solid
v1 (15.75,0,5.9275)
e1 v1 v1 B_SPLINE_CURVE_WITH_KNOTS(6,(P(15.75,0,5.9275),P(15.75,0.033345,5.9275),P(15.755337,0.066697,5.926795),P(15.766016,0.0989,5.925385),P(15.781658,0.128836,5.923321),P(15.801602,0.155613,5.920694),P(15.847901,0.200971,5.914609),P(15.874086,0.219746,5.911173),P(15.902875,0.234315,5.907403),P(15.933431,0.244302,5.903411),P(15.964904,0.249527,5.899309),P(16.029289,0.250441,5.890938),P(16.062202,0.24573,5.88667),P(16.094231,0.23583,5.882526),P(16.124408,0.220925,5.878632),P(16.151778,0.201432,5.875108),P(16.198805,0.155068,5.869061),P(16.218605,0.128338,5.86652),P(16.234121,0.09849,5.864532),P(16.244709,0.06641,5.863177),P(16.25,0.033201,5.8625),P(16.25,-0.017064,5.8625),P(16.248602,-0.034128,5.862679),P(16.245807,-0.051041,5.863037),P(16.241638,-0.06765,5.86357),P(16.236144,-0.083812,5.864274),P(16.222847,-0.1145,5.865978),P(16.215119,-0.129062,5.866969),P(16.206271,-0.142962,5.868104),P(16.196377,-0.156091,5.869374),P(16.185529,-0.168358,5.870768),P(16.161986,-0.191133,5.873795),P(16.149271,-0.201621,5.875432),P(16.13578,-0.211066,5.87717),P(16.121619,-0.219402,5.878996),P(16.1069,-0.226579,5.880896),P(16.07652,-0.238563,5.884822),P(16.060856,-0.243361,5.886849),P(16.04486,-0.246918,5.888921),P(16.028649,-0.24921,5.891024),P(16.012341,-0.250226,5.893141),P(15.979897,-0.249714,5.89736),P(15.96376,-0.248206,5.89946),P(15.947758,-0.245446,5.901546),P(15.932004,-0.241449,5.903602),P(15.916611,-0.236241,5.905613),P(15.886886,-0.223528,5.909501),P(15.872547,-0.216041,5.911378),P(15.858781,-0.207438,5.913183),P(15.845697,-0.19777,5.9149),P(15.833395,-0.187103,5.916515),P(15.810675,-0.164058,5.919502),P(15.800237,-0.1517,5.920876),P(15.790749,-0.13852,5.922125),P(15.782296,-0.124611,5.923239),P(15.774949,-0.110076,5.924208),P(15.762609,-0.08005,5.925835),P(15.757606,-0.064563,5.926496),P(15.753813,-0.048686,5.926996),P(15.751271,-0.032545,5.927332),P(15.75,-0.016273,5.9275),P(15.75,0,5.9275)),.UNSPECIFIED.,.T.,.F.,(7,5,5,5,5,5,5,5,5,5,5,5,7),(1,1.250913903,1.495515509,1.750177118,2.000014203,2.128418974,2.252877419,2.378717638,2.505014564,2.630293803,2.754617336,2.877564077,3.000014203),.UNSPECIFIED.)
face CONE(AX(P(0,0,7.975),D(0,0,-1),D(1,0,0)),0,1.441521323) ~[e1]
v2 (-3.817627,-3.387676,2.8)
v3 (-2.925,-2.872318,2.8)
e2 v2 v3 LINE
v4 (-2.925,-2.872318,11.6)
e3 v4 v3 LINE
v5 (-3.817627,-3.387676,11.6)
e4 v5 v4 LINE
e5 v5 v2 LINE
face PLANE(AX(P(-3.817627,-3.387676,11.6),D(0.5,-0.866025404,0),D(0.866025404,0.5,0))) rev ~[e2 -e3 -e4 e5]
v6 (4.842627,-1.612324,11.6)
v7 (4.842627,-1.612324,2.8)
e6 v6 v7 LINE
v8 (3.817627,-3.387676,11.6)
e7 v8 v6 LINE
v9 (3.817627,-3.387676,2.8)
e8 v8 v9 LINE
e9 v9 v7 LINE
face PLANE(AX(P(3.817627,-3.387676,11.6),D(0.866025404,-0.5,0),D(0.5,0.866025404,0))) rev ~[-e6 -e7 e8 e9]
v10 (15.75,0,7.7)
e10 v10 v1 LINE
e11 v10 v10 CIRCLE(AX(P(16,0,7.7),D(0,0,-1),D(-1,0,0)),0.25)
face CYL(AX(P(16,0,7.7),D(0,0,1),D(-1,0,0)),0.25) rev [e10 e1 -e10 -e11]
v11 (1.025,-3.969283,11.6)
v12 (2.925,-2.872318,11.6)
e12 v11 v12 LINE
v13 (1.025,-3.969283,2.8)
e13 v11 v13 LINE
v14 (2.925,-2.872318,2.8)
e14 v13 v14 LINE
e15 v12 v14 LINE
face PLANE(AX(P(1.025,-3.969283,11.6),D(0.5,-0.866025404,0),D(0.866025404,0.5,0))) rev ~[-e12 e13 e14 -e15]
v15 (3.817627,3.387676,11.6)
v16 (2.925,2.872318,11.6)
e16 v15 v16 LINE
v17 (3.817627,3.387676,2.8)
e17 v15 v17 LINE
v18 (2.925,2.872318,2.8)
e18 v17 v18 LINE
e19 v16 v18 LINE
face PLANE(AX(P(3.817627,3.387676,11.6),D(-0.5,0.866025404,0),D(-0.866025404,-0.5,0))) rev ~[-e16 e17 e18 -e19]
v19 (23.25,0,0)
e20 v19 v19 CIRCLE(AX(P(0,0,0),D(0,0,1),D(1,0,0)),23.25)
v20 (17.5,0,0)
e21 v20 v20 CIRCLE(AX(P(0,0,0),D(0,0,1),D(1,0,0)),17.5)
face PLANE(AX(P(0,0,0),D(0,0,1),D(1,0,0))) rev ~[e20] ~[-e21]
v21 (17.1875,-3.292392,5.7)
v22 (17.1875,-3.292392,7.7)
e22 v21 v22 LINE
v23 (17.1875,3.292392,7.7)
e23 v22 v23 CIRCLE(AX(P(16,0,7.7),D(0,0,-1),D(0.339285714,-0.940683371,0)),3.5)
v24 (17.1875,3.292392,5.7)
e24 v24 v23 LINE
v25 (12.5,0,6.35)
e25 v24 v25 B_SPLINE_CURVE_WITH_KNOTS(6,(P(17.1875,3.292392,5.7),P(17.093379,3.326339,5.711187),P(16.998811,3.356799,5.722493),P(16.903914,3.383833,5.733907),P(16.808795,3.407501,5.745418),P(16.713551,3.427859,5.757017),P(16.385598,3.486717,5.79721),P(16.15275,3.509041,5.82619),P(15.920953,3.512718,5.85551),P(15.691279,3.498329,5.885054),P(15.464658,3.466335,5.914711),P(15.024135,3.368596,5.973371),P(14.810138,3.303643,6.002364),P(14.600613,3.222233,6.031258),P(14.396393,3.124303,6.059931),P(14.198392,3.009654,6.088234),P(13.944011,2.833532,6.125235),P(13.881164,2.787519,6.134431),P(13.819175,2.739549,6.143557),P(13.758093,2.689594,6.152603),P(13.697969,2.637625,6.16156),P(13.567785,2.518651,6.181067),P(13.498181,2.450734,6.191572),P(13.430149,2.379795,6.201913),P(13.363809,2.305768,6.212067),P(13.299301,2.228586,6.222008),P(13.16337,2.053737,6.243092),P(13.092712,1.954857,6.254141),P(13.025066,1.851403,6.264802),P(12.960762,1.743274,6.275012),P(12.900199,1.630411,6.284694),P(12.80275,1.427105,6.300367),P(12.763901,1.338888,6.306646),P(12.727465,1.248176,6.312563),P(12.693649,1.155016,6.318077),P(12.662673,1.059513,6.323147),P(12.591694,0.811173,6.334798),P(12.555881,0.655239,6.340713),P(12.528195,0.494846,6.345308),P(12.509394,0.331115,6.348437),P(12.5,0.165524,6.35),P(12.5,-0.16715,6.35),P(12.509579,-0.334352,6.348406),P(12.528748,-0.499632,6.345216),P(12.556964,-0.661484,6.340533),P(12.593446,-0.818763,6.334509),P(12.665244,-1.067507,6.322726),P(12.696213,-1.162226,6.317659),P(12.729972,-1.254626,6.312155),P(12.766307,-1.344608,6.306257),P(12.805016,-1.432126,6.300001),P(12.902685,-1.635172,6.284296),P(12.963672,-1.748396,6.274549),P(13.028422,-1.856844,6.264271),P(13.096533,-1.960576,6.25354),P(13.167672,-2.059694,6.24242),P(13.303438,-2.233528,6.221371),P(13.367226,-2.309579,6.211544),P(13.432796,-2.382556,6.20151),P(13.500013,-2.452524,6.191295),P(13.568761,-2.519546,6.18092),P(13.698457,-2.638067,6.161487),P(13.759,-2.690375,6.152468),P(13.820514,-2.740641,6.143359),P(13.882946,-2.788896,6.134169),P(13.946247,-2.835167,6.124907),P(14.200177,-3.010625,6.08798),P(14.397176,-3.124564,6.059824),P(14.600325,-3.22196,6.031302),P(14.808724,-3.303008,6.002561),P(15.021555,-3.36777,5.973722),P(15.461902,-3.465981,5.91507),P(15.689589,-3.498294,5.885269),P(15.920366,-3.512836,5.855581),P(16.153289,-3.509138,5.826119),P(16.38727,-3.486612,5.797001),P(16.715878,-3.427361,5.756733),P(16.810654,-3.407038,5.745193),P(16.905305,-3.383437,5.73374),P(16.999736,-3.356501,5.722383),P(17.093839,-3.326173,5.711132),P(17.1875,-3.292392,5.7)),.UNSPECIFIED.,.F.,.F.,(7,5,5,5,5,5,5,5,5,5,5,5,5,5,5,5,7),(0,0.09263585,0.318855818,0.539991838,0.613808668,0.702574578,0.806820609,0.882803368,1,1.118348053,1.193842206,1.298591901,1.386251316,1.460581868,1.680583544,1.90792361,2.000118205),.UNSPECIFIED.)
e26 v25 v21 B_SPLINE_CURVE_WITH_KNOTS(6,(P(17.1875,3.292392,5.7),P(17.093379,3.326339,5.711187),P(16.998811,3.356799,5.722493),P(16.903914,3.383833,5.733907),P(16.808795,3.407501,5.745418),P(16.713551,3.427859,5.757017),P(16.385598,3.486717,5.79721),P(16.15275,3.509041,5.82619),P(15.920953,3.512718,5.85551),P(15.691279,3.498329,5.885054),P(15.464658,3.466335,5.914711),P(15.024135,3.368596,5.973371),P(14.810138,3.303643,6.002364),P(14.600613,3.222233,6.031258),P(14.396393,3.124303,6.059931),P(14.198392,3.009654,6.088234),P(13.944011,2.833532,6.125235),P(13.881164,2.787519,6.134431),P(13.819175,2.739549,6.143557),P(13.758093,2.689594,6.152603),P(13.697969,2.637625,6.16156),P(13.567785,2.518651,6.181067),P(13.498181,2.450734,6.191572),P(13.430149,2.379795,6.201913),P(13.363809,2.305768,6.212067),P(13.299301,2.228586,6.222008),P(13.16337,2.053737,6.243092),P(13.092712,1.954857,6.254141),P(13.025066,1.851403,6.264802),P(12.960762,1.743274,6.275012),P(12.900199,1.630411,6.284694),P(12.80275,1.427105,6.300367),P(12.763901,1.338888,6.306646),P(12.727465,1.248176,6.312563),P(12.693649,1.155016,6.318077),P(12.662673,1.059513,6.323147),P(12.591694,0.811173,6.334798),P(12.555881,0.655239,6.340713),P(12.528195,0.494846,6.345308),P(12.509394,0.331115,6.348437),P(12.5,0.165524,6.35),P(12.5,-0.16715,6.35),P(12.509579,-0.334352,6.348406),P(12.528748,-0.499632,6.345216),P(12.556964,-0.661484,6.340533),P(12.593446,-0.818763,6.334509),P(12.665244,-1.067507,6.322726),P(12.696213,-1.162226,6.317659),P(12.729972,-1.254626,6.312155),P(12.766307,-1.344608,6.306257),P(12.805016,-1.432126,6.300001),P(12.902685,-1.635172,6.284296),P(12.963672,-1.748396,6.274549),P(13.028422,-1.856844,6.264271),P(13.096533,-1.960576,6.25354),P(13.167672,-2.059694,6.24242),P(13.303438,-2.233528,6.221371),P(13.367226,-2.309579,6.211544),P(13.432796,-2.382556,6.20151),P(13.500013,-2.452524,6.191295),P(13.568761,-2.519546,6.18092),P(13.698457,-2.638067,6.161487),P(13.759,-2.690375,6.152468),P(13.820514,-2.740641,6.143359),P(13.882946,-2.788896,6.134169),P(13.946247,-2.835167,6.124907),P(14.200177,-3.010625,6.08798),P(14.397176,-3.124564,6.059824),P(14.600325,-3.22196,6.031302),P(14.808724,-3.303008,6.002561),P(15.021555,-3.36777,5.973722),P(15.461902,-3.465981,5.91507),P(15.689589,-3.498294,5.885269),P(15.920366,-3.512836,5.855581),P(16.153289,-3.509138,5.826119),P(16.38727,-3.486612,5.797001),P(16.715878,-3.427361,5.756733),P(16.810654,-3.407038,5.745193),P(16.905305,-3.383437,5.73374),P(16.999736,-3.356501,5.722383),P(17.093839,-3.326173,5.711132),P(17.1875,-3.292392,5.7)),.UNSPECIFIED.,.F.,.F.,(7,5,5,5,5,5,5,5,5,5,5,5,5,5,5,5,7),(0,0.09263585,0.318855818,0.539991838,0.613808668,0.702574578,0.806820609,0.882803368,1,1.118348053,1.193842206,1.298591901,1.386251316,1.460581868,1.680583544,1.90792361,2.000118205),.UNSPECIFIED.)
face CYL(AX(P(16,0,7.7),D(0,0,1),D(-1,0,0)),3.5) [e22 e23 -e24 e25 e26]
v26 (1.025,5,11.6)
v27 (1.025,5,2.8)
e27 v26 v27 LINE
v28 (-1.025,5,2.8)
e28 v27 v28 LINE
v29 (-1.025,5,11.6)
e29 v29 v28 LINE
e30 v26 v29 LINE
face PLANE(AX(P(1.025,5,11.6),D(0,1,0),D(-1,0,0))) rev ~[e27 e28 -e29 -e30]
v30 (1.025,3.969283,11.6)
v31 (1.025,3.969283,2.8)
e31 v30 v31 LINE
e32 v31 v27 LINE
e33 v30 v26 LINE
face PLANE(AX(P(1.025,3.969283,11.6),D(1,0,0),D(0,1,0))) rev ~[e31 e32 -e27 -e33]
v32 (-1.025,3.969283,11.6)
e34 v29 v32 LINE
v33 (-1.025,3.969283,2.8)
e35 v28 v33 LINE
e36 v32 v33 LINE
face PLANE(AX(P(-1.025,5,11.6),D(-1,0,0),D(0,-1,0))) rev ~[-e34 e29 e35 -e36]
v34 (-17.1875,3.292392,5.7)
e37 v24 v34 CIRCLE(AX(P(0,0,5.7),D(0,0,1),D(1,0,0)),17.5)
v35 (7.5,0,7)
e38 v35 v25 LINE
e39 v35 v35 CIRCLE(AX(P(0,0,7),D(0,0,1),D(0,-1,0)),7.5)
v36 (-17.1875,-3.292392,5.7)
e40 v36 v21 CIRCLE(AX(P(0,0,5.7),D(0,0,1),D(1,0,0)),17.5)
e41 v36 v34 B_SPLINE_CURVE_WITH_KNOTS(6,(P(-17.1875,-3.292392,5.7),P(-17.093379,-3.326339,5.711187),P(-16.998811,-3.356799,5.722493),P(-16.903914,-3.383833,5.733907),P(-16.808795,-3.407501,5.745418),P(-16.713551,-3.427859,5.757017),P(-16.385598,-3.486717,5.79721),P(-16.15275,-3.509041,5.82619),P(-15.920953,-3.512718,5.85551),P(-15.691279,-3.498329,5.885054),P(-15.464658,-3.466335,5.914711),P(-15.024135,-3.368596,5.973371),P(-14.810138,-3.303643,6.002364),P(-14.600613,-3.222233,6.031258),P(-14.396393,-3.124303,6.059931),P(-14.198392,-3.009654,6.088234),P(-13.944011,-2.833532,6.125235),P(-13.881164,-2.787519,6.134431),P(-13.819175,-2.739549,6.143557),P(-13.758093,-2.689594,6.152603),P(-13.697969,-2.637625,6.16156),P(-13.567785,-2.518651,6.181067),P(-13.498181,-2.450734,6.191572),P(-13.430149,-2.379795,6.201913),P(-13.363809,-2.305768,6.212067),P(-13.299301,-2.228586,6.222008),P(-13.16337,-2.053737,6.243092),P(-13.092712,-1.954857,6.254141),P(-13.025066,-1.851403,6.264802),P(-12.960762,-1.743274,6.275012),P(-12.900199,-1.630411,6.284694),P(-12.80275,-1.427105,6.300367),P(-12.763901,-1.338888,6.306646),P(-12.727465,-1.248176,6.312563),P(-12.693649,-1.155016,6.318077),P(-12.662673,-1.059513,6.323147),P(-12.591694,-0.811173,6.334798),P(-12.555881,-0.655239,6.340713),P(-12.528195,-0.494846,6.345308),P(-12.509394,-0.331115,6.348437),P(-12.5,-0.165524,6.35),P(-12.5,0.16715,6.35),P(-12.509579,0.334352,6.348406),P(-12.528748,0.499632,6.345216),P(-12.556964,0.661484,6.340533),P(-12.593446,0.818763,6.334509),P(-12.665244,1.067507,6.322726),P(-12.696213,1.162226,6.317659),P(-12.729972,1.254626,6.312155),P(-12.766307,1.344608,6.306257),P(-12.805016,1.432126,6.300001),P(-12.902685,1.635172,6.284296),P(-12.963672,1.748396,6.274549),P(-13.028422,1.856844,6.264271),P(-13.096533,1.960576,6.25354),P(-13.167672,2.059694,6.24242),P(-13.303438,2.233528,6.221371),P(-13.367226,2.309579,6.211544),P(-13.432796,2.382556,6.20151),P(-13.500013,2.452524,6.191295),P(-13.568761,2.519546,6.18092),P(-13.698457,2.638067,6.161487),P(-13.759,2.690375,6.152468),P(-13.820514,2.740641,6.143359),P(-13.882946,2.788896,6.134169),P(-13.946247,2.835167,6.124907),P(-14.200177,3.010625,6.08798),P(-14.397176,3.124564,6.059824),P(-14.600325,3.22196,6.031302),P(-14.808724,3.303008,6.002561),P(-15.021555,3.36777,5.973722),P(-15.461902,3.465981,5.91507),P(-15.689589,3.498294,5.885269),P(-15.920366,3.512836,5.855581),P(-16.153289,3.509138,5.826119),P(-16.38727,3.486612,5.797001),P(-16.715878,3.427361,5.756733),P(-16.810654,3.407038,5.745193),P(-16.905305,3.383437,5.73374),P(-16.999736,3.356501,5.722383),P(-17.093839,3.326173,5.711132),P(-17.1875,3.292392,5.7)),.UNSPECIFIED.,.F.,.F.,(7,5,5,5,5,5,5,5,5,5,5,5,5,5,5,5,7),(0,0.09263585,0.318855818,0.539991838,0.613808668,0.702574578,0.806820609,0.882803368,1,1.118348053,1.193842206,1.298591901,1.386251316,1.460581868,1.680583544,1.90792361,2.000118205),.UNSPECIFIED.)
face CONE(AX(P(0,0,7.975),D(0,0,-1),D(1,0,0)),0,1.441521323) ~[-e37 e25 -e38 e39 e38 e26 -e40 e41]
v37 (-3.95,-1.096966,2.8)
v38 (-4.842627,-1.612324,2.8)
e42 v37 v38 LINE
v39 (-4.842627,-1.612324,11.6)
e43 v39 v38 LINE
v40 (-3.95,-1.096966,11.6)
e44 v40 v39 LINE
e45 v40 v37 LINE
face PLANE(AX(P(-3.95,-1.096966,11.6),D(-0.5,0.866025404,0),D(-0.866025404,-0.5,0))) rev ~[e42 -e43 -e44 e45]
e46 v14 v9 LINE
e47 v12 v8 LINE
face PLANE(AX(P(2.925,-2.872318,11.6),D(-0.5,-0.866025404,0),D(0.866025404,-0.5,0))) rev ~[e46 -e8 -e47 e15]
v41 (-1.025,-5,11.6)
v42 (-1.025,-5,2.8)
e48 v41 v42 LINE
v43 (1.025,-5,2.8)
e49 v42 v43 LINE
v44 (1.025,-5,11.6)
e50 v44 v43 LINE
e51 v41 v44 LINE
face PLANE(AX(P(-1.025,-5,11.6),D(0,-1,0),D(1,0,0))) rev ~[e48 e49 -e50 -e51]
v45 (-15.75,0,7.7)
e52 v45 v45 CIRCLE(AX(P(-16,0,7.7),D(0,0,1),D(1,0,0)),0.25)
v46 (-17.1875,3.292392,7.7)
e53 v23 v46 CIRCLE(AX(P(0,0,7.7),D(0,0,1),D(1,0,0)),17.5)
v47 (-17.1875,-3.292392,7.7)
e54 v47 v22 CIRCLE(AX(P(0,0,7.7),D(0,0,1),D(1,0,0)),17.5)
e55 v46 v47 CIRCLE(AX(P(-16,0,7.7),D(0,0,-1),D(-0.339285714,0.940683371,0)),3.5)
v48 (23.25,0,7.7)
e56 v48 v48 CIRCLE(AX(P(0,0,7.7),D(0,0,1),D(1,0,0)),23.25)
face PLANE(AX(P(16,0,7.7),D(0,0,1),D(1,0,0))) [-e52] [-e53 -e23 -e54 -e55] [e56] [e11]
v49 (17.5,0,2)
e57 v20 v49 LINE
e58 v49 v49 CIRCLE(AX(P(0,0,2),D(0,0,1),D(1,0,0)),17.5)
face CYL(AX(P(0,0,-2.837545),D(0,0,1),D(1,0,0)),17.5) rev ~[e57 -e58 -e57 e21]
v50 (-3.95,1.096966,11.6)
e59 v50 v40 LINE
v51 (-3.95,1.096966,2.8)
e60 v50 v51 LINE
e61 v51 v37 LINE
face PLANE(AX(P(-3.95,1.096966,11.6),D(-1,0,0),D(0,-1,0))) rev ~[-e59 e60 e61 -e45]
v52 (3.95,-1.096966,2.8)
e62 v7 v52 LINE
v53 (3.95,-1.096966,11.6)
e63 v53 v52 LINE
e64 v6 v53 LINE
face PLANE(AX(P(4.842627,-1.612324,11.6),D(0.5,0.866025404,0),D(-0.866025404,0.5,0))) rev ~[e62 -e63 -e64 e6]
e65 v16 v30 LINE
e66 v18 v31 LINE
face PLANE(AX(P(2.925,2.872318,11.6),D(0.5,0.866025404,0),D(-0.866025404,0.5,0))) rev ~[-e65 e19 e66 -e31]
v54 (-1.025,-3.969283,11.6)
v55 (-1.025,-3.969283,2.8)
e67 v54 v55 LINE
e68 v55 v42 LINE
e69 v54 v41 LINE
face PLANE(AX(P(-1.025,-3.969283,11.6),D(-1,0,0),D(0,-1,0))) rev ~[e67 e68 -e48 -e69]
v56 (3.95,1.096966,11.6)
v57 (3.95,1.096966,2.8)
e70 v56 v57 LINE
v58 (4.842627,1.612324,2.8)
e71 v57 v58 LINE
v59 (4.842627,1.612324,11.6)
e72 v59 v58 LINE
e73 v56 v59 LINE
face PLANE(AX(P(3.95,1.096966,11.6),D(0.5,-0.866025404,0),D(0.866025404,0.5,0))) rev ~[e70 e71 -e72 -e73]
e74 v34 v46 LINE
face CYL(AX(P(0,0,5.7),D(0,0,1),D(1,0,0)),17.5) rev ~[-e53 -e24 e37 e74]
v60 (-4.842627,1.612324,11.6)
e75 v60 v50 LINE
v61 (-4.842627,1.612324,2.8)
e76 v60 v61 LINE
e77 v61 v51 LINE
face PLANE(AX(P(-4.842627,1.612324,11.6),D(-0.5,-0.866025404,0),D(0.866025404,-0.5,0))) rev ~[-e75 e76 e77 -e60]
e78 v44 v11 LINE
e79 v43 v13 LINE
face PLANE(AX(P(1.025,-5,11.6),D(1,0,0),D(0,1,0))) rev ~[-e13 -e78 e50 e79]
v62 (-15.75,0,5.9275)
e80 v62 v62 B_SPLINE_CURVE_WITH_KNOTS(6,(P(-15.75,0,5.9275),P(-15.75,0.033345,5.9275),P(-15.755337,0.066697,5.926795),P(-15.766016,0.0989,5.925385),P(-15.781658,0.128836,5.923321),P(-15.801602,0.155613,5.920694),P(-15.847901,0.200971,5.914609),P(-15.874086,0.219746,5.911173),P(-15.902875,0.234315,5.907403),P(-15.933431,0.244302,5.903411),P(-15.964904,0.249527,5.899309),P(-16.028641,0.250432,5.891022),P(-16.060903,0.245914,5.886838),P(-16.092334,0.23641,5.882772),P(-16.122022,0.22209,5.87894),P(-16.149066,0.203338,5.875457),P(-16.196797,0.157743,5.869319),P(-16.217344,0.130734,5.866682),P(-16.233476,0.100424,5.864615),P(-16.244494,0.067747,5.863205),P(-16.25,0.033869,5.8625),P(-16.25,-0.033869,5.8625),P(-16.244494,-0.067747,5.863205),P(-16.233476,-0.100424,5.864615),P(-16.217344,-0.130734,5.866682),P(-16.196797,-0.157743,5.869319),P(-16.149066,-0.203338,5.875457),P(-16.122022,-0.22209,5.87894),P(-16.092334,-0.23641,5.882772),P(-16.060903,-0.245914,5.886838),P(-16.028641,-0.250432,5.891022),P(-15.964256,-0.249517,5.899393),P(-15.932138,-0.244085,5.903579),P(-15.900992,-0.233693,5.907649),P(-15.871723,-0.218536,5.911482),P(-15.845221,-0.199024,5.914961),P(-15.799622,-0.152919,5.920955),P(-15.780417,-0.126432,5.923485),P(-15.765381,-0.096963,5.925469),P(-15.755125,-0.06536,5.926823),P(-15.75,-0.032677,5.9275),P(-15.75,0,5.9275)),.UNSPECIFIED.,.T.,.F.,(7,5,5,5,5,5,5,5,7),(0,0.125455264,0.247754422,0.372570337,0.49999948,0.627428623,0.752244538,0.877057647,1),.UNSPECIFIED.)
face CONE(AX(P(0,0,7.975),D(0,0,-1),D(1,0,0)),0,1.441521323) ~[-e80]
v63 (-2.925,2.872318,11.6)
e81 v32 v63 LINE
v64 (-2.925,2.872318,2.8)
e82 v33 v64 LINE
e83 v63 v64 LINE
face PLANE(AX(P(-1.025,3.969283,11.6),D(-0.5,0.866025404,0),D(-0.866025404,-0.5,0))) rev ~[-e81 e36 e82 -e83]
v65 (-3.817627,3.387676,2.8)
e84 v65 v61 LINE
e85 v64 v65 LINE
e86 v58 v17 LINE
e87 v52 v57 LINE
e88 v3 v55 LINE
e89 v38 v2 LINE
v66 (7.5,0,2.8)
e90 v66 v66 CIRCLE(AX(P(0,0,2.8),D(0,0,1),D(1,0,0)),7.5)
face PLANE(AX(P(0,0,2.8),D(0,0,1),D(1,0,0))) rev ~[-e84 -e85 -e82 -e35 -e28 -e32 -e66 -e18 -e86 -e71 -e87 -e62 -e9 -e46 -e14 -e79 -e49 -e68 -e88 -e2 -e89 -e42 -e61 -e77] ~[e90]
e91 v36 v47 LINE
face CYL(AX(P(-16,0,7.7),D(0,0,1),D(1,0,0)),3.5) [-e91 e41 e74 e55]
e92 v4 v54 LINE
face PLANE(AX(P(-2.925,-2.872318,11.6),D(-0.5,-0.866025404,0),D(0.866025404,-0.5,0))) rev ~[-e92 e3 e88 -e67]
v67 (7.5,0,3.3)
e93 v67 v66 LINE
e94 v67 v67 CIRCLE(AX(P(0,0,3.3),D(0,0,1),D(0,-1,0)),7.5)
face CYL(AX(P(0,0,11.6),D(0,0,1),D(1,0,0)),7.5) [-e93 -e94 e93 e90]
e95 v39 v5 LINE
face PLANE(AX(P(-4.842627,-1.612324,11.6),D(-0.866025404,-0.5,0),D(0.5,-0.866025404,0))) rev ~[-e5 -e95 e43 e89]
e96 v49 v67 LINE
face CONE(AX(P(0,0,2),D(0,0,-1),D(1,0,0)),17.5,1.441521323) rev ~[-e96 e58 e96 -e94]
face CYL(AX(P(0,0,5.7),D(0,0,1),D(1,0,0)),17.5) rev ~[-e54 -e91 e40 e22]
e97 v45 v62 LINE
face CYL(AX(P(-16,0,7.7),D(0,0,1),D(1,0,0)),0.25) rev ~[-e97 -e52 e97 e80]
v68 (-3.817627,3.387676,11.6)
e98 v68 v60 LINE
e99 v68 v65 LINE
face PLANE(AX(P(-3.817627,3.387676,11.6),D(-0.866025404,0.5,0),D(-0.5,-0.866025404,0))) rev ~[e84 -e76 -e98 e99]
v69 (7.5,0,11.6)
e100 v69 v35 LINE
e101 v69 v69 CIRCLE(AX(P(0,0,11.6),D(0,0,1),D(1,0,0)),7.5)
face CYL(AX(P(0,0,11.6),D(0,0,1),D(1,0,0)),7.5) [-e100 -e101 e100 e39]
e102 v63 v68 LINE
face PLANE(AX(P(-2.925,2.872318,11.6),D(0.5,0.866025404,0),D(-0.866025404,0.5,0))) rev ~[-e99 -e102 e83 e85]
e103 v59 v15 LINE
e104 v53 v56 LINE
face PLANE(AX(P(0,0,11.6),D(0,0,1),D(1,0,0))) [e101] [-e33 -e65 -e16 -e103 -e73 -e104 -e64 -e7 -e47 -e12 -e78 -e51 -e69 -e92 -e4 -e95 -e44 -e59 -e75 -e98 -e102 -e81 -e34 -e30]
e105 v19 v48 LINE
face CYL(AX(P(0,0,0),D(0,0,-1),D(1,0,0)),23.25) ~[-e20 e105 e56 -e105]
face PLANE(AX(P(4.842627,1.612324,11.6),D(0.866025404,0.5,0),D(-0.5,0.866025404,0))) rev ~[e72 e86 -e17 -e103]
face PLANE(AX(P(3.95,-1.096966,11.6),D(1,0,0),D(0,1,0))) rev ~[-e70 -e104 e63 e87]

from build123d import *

# Parameters (mm, degrees)
F0_R     = 23.25
F1_DEPTH = 7.7
F5_R     = 7.5
F6_DEPTH = 8.8
F8_DEPTH = 11.601
F9_R     = 3.5
F9_R_2   = 0.25


with BuildPart() as f1:
    # F0 (on Top) → F1 (new body)
    with BuildSketch(Plane.XY):
        Circle(F0_R)
    extrude(amount=F1_DEPTH)

    # F2 (on Front) → F3 (revolve, cut)
    with BuildSketch(Plane.XZ):
        Polygon((17.5, 5.7), (17.5, 11.6), (7.5, 11.6), (0, 11.6), (0, 7.975), align=None)
        Polygon((17.5, 2), (0, 4.275), (0, 0), (0, -2.8375450056), (17.5, -2.8375450056), align=None)
    revolve(axis=Axis((0, 0, 5.8), (0, 0, 1)), mode=Mode.SUBTRACT)

    # F5 (on offset) → F6 (join)
    with BuildSketch(Plane.XY.offset(11.6)):
        Circle(F5_R)
    extrude(amount=-F6_DEPTH)

    # F7 (on offset) → F8 (cut, through all)
    with BuildSketch(Plane.XY.offset(11.6)):
        Polygon((1.025, 3.9692831007), (0, 4.5610671266), (-1.025, 3.9692831007), (-2.925, 2.8723175892), (-3.95, 2.2805335633), (-3.95, 1.0969655115), (-3.95, -1.0969655115), (-3.95, -2.2805335633), (-2.925, -2.8723175892), (-1.025, -3.9692831007), (0, -4.5610671266), (1.025, -3.9692831007), (2.925, -2.8723175892), (3.95, -2.2805335633), (3.95, -1.0969655115), (3.95, 1.0969655115), (3.95, 2.2805335633), (2.925, 2.8723175892), align=None)
        Polygon((-1.025, 3.9692831007), (0, 4.5610671266), (1.025, 3.9692831007), (1.025, 5), (-1.025, 5), align=None)
        Polygon((3.8176270189, 3.3876760389), (2.925, 2.8723175892), (3.95, 2.2805335633), (3.95, 1.0969655115), (4.8426270189, 1.6123239611), align=None)
        Polygon((4.8426270189, -1.6123239611), (3.95, -1.0969655115), (3.95, -2.2805335633), (2.925, -2.8723175892), (3.8176270189, -3.3876760389), align=None)
        Polygon((1.025, -5), (1.025, -3.9692831007), (0, -4.5610671266), (-1.025, -3.9692831007), (-1.025, -5), align=None)
        Polygon((-3.95, -2.2805335633), (-3.95, -1.0969655115), (-4.8426270189, -1.6123239611), (-3.8176270189, -3.3876760389), (-2.925, -2.8723175892), align=None)
        Polygon((-3.95, 2.2805335633), (-2.925, 2.8723175892), (-3.8176270189, 3.3876760389), (-4.8426270189, 1.6123239611), (-3.95, 1.0969655115), align=None)
    extrude(amount=-F8_DEPTH, mode=Mode.SUBTRACT)

    # F9 (on face) → F10 (join, up to the next surface of F1)
    with BuildSketch(Plane.XY.offset(7.7)):
        with Locations((-16, 0)):
            Circle(F9_R)
        with Locations((-16, 0)):
            Circle(F9_R_2, mode=Mode.SUBTRACT)
        with BuildLine():
            ThreePointArc((19.5, 0), (16, 3.5), (12.5, 0))
            ThreePointArc((12.5, 0), (16, -3.5), (19.5, 0))
        make_face()
        with BuildLine():
            ThreePointArc((16.25, 0), (16, -0.25), (15.75, 0))
            ThreePointArc((15.75, 0), (16, 0.25), (16.25, 0))
        make_face(mode=Mode.SUBTRACT)
    extrude(until=Until.NEXT, dir=(0, 0, -1))


solid = f1.part
